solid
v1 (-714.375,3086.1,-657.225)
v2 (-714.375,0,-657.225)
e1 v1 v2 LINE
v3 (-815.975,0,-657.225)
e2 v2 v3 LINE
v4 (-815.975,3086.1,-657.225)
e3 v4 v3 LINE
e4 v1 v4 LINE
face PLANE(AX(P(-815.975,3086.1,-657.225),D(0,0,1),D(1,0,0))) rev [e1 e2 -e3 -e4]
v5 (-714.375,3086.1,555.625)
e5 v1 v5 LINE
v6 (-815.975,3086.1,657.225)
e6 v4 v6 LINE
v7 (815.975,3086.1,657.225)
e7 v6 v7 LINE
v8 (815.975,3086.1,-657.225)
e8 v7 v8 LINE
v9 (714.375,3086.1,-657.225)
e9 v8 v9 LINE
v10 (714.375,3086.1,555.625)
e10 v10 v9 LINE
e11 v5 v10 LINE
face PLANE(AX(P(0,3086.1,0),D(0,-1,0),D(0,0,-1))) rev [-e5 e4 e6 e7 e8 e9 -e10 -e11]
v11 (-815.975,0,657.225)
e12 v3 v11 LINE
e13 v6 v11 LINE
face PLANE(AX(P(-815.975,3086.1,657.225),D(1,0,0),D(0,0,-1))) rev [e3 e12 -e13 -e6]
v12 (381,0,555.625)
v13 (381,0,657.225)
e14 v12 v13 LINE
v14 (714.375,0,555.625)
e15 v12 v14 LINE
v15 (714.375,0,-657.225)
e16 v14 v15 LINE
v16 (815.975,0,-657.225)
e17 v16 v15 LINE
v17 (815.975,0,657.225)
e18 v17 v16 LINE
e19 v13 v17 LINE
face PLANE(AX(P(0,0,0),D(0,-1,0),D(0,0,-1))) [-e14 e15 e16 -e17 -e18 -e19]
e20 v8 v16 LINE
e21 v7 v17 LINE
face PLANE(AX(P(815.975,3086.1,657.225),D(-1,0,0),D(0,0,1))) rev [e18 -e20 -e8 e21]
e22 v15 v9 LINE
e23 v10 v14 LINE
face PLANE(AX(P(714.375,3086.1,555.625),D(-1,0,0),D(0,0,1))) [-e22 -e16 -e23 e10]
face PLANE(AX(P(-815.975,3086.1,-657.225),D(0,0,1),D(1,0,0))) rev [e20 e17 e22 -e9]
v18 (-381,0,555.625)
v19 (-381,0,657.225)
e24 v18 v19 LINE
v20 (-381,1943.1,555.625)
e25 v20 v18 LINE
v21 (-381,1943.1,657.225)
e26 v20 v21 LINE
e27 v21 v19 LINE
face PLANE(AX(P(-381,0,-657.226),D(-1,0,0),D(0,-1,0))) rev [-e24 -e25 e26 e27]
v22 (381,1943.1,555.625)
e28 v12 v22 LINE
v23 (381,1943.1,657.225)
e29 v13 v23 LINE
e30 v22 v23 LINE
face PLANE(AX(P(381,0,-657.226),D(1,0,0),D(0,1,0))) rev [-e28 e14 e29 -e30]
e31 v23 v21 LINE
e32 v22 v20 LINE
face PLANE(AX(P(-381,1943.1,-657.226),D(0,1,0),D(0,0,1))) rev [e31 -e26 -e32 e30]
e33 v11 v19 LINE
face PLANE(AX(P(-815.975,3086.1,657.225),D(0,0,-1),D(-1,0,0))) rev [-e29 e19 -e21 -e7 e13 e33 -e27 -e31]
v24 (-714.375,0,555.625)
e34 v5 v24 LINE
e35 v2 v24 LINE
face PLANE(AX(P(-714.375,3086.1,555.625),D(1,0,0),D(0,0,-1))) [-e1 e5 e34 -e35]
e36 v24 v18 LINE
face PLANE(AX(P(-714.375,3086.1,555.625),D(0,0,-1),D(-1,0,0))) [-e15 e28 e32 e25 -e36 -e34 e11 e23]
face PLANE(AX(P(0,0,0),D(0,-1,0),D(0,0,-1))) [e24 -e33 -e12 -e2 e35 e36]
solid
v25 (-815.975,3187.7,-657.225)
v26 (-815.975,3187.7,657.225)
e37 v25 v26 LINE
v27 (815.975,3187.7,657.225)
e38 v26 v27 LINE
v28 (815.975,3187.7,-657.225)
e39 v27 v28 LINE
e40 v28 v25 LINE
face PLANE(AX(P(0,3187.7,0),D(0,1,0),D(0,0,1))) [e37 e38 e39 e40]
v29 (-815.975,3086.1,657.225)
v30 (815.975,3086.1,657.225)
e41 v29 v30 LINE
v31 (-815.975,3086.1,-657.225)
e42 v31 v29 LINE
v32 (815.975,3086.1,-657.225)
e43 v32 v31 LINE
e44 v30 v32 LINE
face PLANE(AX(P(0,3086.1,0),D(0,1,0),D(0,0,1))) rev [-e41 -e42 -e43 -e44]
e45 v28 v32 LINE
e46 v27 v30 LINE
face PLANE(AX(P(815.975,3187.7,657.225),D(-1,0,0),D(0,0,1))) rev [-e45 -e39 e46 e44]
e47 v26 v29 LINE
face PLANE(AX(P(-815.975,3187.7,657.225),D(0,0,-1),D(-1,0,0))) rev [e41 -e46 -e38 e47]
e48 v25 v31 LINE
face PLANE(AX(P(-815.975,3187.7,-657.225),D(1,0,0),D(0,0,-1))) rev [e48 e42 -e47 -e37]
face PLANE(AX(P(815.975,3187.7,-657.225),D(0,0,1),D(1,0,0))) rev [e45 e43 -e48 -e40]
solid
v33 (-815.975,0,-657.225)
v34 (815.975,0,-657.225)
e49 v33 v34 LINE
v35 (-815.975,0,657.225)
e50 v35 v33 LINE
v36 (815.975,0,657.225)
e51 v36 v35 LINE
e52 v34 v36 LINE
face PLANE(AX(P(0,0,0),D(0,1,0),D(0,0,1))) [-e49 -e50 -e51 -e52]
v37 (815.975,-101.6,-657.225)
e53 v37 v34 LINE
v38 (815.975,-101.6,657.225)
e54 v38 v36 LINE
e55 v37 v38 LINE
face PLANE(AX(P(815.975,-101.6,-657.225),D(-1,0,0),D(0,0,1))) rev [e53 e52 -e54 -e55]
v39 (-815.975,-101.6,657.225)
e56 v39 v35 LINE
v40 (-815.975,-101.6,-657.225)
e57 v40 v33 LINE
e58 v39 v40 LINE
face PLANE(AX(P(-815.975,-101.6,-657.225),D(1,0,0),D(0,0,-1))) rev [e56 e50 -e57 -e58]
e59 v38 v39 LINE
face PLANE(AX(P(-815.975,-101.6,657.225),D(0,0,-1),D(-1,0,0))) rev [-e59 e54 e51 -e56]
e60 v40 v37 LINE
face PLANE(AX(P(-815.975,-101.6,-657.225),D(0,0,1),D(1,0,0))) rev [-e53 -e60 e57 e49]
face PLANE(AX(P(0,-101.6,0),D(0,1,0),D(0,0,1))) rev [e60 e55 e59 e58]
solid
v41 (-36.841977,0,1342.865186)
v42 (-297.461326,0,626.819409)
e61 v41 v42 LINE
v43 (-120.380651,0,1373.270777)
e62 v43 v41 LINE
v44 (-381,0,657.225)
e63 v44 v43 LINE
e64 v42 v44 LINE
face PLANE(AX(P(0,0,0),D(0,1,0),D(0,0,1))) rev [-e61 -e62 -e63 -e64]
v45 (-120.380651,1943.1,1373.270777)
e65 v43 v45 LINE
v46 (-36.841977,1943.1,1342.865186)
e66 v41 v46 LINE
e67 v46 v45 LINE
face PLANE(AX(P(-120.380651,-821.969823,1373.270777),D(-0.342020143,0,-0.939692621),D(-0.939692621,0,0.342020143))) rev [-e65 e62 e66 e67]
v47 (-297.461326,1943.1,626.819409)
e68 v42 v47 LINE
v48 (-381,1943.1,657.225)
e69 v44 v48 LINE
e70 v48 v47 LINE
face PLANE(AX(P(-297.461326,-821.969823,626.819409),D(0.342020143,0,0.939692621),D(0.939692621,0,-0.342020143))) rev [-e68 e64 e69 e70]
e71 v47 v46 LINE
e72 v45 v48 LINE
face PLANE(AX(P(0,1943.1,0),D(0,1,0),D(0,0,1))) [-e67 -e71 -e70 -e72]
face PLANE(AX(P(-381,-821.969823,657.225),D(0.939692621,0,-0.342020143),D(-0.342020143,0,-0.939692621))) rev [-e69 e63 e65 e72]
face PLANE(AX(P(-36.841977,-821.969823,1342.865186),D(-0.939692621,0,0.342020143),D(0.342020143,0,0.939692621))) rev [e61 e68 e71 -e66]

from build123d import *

# Parameters (mm, degrees)
SKETCH1_W           = 1631.95
SKETCH1_H           = 1314.45
SKETCH1_W_2         = 1428.75
SKETCH1_H_2         = 1111.25
BOSS_EXTRUDE1_DEPTH = 3086.1
SKETCH2_W           = 1631.95
SKETCH2_H           = 1314.45
BOSS_EXTRUDE2_DEPTH = 101.6
SKETCH3_W           = 762
SKETCH3_H           = 1943.1
CUT_EXTRUDE1_DEPTH  = 101.6
SKETCH4_W           = 1631.95
SKETCH4_H           = 1314.45
BOSS_EXTRUDE3_DEPTH = 101.6
SKETCH5_W           = 1428.75
SKETCH5_H           = 3086.1
CUT_EXTRUDE2_DEPTH  = 3507.886313117
BOSS_EXTRUDE4_DEPTH = 1943.1


with BuildPart() as part:
    # Sketch1 → Boss-Extrude1 (new body)
    with BuildSketch(Plane(origin=(0, 0, 0), x_dir=(1, 0, 0), z_dir=(0, 1, 0))):
        Rectangle(SKETCH1_W, SKETCH1_H)
        Rectangle(SKETCH1_W_2, SKETCH1_H_2, mode=Mode.SUBTRACT)
    extrude(amount=BOSS_EXTRUDE1_DEPTH)

    # Sketch3 → Cut-Extrude1 (cut)
    with BuildSketch(Plane.XY.offset(657.225)):
        with Locations((0, 971.55)):
            Rectangle(SKETCH3_W, SKETCH3_H)
    extrude(amount=-CUT_EXTRUDE1_DEPTH, mode=Mode.SUBTRACT)

    # Sketch5 → Cut-Extrude2 (cut, through all)
    with BuildSketch(Plane.XY.offset(-555.625)):
        with Locations((0, 1543.05)):
            Rectangle(SKETCH5_W, SKETCH5_H)
    extrude(amount=-CUT_EXTRUDE2_DEPTH, mode=Mode.SUBTRACT)


with BuildPart() as body_2:
    # Sketch2 → Boss-Extrude2 (new body)
    with BuildSketch(Plane(origin=(0, 3086.1, 0), x_dir=(1, 0, 0), z_dir=(0, 1, 0))):
        Rectangle(SKETCH2_W, SKETCH2_H)
    extrude(amount=BOSS_EXTRUDE2_DEPTH)


with BuildPart() as body_3:
    # Sketch4 → Boss-Extrude3 (new body)
    with BuildSketch(Plane.XZ):
        Rectangle(SKETCH4_W, SKETCH4_H)
    extrude(amount=BOSS_EXTRUDE3_DEPTH)


with BuildPart() as body_4:
    # Sketch6 → Boss-Extrude4 (new body)
    with BuildSketch(Plane.XZ.offset(-1943.1)):
        Polygon((-381, 657.225), (-120.380650786, 1373.270777039), (-36.841976798, 1342.865186297), (-297.461326012, 626.819409258), align=None)
    extrude(amount=BOSS_EXTRUDE4_DEPTH)


solid = Compound([part.part, body_2.part, body_3.part, body_4.part])
